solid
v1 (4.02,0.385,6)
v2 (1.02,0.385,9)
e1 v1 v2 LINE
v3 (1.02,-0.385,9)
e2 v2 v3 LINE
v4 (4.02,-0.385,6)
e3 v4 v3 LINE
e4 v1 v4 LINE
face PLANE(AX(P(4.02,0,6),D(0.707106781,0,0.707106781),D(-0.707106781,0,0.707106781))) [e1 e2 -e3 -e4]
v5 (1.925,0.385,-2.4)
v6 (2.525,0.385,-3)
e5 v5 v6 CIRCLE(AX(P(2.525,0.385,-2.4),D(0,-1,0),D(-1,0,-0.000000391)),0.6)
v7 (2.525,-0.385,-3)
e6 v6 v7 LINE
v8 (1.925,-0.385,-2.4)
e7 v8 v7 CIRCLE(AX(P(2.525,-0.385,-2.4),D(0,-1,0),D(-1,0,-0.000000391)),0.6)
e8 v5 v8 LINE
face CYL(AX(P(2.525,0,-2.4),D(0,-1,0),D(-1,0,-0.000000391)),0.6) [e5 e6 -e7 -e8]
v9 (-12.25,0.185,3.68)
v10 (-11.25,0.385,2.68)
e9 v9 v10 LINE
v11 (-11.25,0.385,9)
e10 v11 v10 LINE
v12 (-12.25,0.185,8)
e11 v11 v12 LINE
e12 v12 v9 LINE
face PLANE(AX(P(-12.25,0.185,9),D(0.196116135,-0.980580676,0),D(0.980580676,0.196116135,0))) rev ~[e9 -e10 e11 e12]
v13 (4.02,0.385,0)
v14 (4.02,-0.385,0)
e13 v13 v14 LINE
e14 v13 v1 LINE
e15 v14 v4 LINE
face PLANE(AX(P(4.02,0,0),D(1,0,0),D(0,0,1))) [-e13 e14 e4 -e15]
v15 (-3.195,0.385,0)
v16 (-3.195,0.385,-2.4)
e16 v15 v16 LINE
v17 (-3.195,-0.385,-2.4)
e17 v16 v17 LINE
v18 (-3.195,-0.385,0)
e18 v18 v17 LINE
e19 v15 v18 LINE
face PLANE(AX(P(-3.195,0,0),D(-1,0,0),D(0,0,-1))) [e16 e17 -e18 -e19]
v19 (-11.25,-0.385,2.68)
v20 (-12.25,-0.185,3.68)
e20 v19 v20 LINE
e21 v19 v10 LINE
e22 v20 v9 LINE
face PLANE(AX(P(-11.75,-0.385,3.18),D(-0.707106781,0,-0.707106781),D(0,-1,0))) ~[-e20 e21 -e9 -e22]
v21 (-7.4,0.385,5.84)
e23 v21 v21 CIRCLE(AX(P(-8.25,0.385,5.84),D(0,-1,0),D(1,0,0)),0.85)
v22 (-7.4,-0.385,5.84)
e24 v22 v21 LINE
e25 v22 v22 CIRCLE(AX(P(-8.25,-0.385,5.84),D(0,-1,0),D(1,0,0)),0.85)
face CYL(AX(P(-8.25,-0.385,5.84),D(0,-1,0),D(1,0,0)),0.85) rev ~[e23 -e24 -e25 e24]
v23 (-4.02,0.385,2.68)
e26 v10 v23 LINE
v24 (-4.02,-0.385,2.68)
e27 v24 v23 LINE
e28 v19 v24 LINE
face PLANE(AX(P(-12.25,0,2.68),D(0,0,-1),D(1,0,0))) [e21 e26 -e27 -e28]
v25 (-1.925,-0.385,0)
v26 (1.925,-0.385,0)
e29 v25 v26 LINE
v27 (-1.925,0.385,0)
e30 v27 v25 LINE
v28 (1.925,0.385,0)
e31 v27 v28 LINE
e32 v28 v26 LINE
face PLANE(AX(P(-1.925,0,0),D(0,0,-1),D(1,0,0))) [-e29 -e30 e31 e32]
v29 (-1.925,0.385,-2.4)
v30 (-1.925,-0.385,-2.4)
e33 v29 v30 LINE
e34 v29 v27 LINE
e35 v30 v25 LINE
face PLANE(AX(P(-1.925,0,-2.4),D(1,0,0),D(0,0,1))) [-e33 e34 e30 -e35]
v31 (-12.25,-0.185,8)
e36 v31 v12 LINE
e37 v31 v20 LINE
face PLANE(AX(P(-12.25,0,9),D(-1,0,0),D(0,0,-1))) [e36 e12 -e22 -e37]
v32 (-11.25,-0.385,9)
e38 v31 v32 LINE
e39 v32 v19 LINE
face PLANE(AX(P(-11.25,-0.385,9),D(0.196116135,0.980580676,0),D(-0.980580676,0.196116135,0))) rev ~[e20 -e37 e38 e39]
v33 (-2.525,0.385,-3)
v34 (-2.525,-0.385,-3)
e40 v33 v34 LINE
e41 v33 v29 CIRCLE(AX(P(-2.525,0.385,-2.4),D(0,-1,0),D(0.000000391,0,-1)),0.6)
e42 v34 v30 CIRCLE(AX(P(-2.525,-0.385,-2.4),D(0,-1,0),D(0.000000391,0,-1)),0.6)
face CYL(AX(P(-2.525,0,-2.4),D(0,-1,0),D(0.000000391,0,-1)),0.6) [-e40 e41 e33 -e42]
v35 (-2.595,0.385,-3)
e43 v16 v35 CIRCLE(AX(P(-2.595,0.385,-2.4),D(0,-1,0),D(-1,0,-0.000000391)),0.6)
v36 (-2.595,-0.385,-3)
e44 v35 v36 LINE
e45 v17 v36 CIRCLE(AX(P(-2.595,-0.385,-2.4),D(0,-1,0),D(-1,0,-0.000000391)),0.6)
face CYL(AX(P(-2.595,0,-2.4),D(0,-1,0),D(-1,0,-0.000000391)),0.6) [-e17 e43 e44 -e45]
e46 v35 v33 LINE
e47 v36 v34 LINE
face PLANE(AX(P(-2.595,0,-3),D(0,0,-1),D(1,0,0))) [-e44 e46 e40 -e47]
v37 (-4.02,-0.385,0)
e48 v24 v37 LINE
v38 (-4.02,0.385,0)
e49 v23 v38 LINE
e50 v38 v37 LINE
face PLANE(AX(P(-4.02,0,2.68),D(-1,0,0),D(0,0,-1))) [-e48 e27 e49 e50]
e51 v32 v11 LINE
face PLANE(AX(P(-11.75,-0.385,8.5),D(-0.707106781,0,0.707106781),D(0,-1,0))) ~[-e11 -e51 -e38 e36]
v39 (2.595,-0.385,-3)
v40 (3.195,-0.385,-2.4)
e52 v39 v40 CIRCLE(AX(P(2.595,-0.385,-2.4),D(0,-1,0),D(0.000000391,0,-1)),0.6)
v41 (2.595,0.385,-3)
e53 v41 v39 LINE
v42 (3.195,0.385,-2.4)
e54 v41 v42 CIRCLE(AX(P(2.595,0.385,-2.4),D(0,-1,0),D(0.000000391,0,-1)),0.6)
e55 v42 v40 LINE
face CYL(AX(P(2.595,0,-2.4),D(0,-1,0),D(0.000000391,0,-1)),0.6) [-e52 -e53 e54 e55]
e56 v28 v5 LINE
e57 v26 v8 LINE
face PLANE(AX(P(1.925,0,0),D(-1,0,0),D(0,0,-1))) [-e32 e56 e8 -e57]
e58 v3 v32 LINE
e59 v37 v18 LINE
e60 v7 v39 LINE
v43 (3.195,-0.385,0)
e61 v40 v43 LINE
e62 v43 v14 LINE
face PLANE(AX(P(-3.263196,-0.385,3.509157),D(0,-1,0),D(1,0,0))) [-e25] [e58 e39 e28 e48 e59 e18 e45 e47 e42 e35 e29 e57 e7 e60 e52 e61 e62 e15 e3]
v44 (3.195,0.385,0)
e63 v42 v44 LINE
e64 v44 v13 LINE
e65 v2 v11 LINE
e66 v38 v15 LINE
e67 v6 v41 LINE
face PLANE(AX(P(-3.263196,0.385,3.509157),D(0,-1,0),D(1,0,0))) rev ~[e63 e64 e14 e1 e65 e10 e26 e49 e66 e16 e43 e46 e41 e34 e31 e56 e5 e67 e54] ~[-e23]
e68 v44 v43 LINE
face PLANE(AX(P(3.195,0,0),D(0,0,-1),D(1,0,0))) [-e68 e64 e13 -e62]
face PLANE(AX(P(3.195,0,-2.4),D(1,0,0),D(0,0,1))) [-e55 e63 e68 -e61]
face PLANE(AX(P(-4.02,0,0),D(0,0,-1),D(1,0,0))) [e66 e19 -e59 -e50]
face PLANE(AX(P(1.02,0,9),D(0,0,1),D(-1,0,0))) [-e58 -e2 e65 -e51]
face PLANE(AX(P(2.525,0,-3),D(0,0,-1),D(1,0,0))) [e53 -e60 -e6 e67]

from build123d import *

# Parameters (mm, degrees)
F1_DEPTH = 0.385
F2_SIZE  = 1
F3_R     = 0.85
F4_DEPTH = 0.771
F6_DEPTH = 12.001


with BuildPart() as f1:
    # F0 (on Front) → F1 (new body, symmetric)
    with BuildSketch(Plane.XZ):
        with BuildLine():
            Line((-4.02, 2.68), (-4.02, 0))
            Line((-4.02, 0), (-3.195, 0))
            Line((-3.195, 0), (-3.195, -2.4))
            ThreePointArc((-3.195, -2.4), (-3.019264, -2.824264), (-2.595, -3))
            Line((-2.595, -3), (-2.525, -3))
            ThreePointArc((-2.525, -3), (-2.100736, -2.824264), (-1.925, -2.4))
            Line((-1.925, -2.4), (-1.925, 0))
            Line((-1.925, 0), (1.925, 0))
            Line((1.925, 0), (1.925, -2.4))
            ThreePointArc((1.925, -2.4), (2.100736, -2.824264), (2.525, -3))
            Line((2.525, -3), (2.595, -3))
            ThreePointArc((2.595, -3), (3.019264, -2.824264), (3.195, -2.4))
            Line((3.195, -2.4), (3.195, 0))
            Line((3.195, 0), (4.02, 0))
            Line((4.02, 0), (4.02, 6))
            Line((4.02, 6), (1.02, 9))
            Line((1.02, 9), (-11.25, 9))
            Line((-11.25, 9), (-12.25, 9))
            Line((-12.25, 9), (-12.25, 2.68))
            Line((-12.25, 2.68), (-11.25, 2.68))
            Line((-11.25, 2.68), (-4.02, 2.68))
        make_face()
    extrude(amount=F1_DEPTH, both=True)

    # F2
    f2_edges = [f1.edges().sort_by_distance(p)[0] for p in [
        (-12.25, 0, 9),
        (-12.25, 0, 2.68),
    ]]
    chamfer(f2_edges, length=F2_SIZE)

    # F3 (on face) → F4 (cut, through all)
    with BuildSketch(Plane.XZ.offset(0.385)):
        with Locations((-8.25, 5.84)):
            Circle(F3_R)
    extrude(amount=-F4_DEPTH, mode=Mode.SUBTRACT)

    # F5 (on face) → F6 (cut, through all)
    with BuildSketch(Plane.XY.offset(9)):
        Polygon((-12.25, 0.185), (-11.25, 0.385), (-12.25, 0.385), align=None)
        Polygon((-12.25, -0.385), (-11.25, -0.385), (-12.25, -0.185), align=None)
    extrude(amount=-F6_DEPTH, mode=Mode.SUBTRACT)


solid = f1.part
